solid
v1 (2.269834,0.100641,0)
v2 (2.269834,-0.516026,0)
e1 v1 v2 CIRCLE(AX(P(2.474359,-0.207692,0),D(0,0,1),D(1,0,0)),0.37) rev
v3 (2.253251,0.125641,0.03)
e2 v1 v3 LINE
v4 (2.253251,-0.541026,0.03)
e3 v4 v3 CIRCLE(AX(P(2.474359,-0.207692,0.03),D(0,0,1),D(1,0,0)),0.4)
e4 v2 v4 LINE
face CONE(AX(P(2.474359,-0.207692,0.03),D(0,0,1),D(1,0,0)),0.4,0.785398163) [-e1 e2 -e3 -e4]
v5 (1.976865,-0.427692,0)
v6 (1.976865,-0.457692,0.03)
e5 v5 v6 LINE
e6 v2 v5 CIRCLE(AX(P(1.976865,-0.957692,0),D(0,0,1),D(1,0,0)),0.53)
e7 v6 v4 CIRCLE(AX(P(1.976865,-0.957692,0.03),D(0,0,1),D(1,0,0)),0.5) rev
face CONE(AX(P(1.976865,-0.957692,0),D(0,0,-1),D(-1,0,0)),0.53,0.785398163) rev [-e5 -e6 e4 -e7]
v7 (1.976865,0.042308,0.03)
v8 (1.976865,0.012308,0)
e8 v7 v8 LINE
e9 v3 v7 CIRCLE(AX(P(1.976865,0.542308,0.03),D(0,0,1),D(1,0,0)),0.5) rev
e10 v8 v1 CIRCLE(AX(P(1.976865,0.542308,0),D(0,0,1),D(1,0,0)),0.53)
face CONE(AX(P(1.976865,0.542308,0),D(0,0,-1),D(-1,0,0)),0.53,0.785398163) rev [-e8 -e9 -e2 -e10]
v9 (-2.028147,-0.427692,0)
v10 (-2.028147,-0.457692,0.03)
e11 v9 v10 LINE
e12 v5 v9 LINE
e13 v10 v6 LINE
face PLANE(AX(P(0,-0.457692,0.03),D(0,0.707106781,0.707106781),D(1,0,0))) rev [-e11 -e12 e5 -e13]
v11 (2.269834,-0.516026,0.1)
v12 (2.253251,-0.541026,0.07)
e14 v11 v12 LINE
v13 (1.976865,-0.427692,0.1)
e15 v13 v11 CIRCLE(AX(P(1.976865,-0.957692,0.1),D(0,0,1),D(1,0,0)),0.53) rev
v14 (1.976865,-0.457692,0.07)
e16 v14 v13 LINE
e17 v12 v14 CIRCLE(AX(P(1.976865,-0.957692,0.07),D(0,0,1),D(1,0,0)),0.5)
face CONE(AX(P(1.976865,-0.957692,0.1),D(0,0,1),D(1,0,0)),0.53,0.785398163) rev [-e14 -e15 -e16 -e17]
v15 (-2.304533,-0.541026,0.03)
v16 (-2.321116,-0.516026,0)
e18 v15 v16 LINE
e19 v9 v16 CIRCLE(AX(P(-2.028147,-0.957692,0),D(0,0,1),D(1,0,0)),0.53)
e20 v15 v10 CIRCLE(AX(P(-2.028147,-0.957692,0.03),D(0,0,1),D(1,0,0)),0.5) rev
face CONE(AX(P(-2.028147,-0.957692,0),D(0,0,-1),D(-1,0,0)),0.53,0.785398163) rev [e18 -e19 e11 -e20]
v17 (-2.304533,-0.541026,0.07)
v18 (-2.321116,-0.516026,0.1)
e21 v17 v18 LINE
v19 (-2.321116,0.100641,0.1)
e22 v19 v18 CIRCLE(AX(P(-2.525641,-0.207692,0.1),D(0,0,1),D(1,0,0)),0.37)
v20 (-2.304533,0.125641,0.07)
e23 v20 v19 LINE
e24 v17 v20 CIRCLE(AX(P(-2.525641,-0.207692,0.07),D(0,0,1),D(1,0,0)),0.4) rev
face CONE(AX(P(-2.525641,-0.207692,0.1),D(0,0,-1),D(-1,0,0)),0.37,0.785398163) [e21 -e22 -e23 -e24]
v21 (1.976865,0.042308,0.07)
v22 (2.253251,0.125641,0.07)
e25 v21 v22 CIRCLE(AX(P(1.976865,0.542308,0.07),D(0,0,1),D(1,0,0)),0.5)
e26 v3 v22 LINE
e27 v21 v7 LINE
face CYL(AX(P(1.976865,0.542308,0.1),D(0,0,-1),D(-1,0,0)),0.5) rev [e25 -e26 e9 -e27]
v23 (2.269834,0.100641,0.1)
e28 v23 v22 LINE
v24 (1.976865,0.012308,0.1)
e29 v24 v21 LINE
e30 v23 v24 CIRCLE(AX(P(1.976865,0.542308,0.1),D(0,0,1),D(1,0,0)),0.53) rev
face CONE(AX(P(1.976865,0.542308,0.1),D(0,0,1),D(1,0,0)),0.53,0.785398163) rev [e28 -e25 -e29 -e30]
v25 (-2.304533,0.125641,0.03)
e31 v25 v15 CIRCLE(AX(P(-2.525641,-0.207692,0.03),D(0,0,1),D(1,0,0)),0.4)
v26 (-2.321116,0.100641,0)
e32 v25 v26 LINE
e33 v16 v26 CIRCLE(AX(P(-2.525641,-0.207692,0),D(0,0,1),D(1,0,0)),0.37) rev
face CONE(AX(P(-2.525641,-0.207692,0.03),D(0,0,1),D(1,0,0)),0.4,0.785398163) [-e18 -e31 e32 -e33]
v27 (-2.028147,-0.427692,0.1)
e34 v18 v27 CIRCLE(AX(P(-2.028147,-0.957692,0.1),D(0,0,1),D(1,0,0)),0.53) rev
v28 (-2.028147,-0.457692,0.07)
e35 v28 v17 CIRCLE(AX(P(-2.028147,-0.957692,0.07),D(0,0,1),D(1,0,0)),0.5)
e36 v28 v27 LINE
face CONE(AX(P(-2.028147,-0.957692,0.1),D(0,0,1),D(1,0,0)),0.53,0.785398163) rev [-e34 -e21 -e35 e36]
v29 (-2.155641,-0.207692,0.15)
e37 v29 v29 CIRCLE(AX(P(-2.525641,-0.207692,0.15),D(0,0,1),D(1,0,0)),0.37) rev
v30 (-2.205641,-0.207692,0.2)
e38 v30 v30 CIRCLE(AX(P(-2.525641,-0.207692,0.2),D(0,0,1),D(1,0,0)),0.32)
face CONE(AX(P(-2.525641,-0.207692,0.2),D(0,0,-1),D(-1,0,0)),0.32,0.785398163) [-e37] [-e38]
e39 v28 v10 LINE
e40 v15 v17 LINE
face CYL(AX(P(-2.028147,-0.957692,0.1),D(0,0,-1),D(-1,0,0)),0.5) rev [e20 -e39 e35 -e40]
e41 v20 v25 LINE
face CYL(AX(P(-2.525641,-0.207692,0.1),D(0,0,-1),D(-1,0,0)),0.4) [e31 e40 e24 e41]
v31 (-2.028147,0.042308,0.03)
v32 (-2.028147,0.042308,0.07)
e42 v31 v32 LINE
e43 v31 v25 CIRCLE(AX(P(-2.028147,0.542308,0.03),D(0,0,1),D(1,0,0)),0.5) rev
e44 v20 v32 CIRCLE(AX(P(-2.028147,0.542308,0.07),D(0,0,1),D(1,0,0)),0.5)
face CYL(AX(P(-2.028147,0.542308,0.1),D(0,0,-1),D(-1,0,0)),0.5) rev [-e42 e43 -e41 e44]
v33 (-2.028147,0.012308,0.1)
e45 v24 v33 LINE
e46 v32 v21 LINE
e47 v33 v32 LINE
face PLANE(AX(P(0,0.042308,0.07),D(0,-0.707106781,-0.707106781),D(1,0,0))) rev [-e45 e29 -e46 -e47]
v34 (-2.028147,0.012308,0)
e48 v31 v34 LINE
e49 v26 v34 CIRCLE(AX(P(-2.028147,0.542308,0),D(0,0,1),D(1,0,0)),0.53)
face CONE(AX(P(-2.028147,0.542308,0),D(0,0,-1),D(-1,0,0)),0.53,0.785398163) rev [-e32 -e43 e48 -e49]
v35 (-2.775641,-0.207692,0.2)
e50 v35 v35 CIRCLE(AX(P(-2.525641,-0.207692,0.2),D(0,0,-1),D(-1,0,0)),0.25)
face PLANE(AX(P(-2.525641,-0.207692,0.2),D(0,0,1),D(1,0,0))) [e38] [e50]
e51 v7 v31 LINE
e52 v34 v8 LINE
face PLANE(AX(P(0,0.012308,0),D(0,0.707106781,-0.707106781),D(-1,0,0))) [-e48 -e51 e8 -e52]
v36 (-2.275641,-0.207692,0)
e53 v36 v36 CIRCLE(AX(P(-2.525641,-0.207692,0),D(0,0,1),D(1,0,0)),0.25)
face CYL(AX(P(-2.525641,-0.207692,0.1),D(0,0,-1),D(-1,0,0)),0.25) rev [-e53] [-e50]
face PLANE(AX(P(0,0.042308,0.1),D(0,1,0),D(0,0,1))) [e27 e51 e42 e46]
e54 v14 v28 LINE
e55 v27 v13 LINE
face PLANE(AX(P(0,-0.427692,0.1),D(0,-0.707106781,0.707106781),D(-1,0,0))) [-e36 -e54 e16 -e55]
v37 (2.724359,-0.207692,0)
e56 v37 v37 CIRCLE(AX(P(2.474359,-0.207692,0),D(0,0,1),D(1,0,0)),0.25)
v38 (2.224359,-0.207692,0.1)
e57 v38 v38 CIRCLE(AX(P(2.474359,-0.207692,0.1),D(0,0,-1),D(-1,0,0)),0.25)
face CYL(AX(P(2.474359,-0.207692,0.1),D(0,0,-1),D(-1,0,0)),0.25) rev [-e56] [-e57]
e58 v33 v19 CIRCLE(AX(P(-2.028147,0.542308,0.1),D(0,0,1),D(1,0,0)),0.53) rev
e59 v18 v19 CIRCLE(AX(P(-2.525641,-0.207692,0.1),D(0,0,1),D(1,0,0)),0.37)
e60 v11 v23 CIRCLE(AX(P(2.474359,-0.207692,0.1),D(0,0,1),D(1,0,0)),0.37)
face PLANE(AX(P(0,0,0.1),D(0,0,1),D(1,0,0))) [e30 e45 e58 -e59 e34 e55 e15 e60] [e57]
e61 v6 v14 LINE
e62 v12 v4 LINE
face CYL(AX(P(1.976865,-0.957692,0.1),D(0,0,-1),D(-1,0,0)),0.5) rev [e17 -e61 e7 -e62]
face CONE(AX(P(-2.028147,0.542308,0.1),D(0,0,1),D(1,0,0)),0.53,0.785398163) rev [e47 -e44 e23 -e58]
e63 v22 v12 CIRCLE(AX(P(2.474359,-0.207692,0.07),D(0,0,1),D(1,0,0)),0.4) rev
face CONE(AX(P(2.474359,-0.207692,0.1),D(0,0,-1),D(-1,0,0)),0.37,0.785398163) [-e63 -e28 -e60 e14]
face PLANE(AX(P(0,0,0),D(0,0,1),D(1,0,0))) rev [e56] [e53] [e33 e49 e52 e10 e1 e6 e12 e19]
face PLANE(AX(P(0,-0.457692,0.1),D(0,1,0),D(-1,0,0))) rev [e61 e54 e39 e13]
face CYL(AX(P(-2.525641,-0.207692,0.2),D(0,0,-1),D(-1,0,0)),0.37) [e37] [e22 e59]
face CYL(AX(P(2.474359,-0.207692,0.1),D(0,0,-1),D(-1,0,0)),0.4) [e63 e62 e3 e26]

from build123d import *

# Parameters (mm, degrees)
BOSS_EXTRUDE1_DEPTH     = 0.1
FILLET1_R               = 0.5
FILLET2_R               = 0.5
CHAMFER2_SIZE           = 0.03
CHAMFER3_SIZE           = 0.03
SKETCH3_R               = 0.25
CUT_EXTRUDE1_DEPTH      = 1
CUT_EXTRUDE1_DEPTH_BACK = 1.1
SKETCH5_R               = 0.37
BOSS_EXTRUDE2_DEPTH     = 0.1
SKETCH7_R               = 0.25
CUT_EXTRUDE2_DEPTH      = 0.1
CHAMFER4_SIZE           = 0.05


with BuildPart() as part:
    # Sketch2 → Boss-Extrude1 (new body)
    with BuildSketch(Plane.XY):
        with BuildLine():
            Line((2.162109074, 0.042307692), (-2.213391126, 0.042307692))
            ThreePointArc((-2.213391126, 0.042307692), (-2.925641026, -0.207692308), (-2.213391126, -0.457692308))
            Line((-2.213391126, -0.457692308), (2.162109074, -0.457692308))
            ThreePointArc((2.162109074, -0.457692308), (2.874358974, -0.207692308), (2.162109074, 0.042307692))
        make_face()
    extrude(amount=BOSS_EXTRUDE1_DEPTH)

    # Fillet1
    fillet1_edges = [part.edges().sort_by_distance(p)[0] for p in [
        (2.162109074, 0.042307692, 0.05),
    ]]
    fillet(fillet1_edges, radius=FILLET1_R)

    # Fillet2
    fillet2_edges = [part.edges().sort_by_distance(p)[0] for p in [
        (2.162109074, -0.457692308, 0.05),
        (-2.213391126, -0.457692308, 0.05),
        (-2.213391126, 0.042307692, 0.05),
    ]]
    fillet(fillet2_edges, radius=FILLET2_R)

    # Chamfer2
    chamfer2_edges = [part.edges().sort_by_distance(p)[0] for p in [
        (2.121202823, 0.063594138, 0.1),
        (-2.925641026, -0.207692308, 0.1),
        (-0.025641026, 0.042307692, 0.1),
        (-0.025641026, -0.457692308, 0.1),
        (2.874358974, -0.207692308, 0.1),
        (-2.172484874, 0.063594138, 0.1),
        (-2.172484874, -0.478978754, 0.1),
        (2.121202823, -0.478978754, 0.1),
    ]]
    chamfer(chamfer2_edges, length=CHAMFER2_SIZE)

    # Chamfer3
    chamfer3_edges = [part.edges().sort_by_distance(p)[0] for p in [
        (2.121202823, 0.063594138, 0),
        (-2.925641026, -0.207692308, 0),
        (-0.025641026, 0.042307692, 0),
        (-0.025641026, -0.457692308, 0),
        (2.874358974, -0.207692308, 0),
        (-2.172484874, 0.063594138, 0),
        (-2.172484874, -0.478978754, 0),
        (2.121202823, -0.478978754, 0),
    ]]
    chamfer(chamfer3_edges, length=CHAMFER3_SIZE)

    # Sketch3 → Cut-Extrude1 (cut, two sides)
    with BuildSketch(Plane(origin=(0, 0, 0), x_dir=(-1, 0, 0), z_dir=(0, 0, -1))) as cut_extrude1_sk:
        with Locations((-2.474358974, -0.207692308)):
            Circle(SKETCH3_R)
        with Locations((2.525641026, -0.207692308)):
            Circle(SKETCH3_R)
    extrude(amount=CUT_EXTRUDE1_DEPTH, mode=Mode.SUBTRACT)
    extrude(cut_extrude1_sk.sketch, amount=-CUT_EXTRUDE1_DEPTH_BACK, mode=Mode.SUBTRACT)

    # Sketch5 → Boss-Extrude2 (add)
    with BuildSketch(Plane.XY.offset(0.1)):
        with Locations((-2.525641026, -0.207692308)):
            Circle(SKETCH5_R)
    extrude(amount=BOSS_EXTRUDE2_DEPTH)

    # Sketch7 → Cut-Extrude2 (cut)
    with BuildSketch(Plane(origin=(0, 0, 0.1), x_dir=(-1, 0, 0), z_dir=(0, 0, -1))):
        with Locations((2.525641026, -0.207692308)):
            Circle(SKETCH7_R)
    extrude(amount=-CUT_EXTRUDE2_DEPTH, mode=Mode.SUBTRACT)

    # Chamfer4
    chamfer4_edges = [part.edges().sort_by_distance(p)[0] for p in [
        (-2.895641026, -0.207692308, 0.2),
    ]]
    chamfer(chamfer4_edges, length=CHAMFER4_SIZE)


solid = part.part
